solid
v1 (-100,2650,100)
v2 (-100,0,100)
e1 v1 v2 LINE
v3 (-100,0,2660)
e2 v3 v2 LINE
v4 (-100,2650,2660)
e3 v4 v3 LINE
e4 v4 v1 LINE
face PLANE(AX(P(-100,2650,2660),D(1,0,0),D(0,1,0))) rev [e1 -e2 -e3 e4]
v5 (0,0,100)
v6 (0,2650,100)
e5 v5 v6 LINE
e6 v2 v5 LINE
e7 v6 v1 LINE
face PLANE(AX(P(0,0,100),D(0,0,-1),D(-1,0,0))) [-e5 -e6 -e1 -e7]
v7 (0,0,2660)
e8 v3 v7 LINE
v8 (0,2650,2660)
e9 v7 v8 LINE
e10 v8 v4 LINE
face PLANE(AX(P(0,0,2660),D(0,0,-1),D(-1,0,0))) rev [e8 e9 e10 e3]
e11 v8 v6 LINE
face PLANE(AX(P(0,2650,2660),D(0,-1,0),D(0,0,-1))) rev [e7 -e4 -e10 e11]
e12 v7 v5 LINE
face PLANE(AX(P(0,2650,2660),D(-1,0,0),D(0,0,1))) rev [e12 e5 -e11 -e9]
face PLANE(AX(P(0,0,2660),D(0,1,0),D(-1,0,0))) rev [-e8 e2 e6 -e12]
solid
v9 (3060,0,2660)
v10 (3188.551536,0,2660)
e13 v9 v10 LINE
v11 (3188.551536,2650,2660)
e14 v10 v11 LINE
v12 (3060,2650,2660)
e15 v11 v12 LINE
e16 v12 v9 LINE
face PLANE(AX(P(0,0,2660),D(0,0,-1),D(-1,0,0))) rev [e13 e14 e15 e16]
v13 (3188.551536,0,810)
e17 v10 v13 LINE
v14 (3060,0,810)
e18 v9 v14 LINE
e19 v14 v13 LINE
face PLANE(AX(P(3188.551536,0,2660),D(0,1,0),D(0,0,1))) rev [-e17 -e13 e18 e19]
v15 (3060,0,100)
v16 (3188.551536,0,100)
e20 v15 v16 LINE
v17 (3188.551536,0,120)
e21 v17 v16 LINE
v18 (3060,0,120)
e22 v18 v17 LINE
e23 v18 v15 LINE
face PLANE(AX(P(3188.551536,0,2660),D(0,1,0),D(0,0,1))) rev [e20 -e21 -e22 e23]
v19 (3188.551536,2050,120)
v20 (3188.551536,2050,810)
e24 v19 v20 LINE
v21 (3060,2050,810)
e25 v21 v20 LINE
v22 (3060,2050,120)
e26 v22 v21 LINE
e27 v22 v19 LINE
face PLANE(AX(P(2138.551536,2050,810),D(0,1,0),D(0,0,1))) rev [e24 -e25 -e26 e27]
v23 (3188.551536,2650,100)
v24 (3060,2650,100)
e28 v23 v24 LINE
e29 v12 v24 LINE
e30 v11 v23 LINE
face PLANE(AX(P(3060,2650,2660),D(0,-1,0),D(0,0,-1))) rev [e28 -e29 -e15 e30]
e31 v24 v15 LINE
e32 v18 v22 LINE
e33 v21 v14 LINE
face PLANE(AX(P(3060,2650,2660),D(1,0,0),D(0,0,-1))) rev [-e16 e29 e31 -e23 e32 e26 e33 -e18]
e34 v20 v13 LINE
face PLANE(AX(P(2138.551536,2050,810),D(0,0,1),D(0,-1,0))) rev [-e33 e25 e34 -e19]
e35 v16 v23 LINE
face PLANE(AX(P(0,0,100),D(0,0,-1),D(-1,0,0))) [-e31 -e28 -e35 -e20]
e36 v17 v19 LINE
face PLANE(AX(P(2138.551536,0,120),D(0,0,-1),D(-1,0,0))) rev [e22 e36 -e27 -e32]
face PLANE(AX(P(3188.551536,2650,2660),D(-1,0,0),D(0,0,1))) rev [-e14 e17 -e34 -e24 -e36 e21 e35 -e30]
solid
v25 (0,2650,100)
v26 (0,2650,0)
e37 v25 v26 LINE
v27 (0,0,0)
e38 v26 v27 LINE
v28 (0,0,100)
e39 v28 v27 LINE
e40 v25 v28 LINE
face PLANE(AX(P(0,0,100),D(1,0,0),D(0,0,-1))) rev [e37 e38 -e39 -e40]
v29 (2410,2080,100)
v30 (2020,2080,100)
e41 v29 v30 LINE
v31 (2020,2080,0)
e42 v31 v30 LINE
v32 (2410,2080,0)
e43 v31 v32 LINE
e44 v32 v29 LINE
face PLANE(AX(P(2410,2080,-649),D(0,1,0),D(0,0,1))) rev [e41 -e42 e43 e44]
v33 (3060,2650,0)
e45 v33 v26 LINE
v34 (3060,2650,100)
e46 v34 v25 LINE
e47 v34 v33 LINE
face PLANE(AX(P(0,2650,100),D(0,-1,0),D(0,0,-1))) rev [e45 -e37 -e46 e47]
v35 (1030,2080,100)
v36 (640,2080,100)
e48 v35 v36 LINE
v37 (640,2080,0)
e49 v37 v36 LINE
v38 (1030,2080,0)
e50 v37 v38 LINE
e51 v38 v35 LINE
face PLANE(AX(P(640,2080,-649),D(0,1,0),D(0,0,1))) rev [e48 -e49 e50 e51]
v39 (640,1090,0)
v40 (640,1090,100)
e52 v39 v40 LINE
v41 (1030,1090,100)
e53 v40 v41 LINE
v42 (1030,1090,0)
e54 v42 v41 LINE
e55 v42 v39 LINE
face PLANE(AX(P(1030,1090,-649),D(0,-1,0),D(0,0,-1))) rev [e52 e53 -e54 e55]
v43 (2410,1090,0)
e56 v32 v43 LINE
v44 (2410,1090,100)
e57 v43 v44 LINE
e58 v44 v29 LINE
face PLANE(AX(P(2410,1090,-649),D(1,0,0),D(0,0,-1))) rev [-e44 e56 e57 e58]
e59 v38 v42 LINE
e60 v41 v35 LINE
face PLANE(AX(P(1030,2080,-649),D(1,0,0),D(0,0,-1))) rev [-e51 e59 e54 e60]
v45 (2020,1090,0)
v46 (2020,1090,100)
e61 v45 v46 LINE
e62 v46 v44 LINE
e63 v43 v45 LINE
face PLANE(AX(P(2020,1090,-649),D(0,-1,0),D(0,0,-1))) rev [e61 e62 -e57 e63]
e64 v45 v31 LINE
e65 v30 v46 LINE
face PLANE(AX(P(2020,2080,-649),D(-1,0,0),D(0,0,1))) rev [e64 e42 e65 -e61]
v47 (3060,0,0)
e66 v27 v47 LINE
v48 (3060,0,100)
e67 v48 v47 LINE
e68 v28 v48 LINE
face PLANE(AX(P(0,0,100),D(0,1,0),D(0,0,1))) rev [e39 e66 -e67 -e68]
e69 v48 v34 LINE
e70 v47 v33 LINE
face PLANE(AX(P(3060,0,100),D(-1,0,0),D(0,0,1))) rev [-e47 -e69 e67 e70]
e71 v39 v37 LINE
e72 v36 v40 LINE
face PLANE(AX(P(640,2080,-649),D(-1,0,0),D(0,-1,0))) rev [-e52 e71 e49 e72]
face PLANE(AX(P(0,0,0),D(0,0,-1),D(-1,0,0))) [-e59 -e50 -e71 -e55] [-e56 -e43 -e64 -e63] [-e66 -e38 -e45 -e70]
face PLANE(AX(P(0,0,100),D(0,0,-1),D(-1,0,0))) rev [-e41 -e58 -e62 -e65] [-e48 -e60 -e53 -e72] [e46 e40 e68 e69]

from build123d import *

# Parameters (mm, degrees)
ESBO_O6_W                = 3060
ESBO_O6_H                = 2650
RESSALTO_EXTRUS_O2_DEPTH = 100
ESBO_O7_W                = 390
ESBO_O7_H                = 990
CORTE_EXTRUS_O1_DEPTH    = 749
ESBO_O8_W                = 100
ESBO_O8_H                = 2650
RESSALTO_EXTRUS_O3_DEPTH = 2560
ESBO_O9_W                = 128.55153638
ESBO_O9_H                = 2650
RESSALTO_EXTRUS_O4_DEPTH = 2560
ESBO_O12_W               = 690
ESBO_O12_H               = 2050
CORTE_EXTRUS_O2_DEPTH    = 1050


with BuildPart() as part:
    # Esboço6 → Ressalto-extrusão2 (new body)
    with BuildSketch(Plane.XY):
        with Locations((1530, 1325)):
            Rectangle(ESBO_O6_W, ESBO_O6_H)
    extrude(amount=RESSALTO_EXTRUS_O2_DEPTH)

    # Esboço7 → Corte-extrusão1 (cut)
    with BuildSketch(Plane.XY.offset(100)):
        with Locations((2215, 1585)):
            Rectangle(ESBO_O7_W, ESBO_O7_H)
        with Locations((835, 1585)):
            Rectangle(ESBO_O7_W, ESBO_O7_H)
    extrude(amount=-CORTE_EXTRUS_O1_DEPTH, mode=Mode.SUBTRACT)


with BuildPart() as body_2:
    # Esboço8 → Ressalto-extrusão3 (new body)
    with BuildSketch(Plane.XY.offset(100)):
        with Locations((-50, 1325)):
            Rectangle(ESBO_O8_W, ESBO_O8_H)
    extrude(amount=RESSALTO_EXTRUS_O3_DEPTH)


with BuildPart() as body_3:
    # Esboço9 → Ressalto-extrusão4 (new body)
    with BuildSketch(Plane.XY.offset(100)):
        with Locations((3124.27576819, 1325)):
            Rectangle(ESBO_O9_W, ESBO_O9_H)
    extrude(amount=RESSALTO_EXTRUS_O4_DEPTH)

    # Esboço12 → Corte-extrusão2 (cut)
    with BuildSketch(Plane(origin=(3188.55153638, 0, 0), x_dir=(0, 0, -1), z_dir=(1, 0, 0))):
        with Locations((-465, 1025)):
            Rectangle(ESBO_O12_W, ESBO_O12_H)
    extrude(amount=-CORTE_EXTRUS_O2_DEPTH, mode=Mode.SUBTRACT)


solid = Compound([part.part, body_2.part, body_3.part])
